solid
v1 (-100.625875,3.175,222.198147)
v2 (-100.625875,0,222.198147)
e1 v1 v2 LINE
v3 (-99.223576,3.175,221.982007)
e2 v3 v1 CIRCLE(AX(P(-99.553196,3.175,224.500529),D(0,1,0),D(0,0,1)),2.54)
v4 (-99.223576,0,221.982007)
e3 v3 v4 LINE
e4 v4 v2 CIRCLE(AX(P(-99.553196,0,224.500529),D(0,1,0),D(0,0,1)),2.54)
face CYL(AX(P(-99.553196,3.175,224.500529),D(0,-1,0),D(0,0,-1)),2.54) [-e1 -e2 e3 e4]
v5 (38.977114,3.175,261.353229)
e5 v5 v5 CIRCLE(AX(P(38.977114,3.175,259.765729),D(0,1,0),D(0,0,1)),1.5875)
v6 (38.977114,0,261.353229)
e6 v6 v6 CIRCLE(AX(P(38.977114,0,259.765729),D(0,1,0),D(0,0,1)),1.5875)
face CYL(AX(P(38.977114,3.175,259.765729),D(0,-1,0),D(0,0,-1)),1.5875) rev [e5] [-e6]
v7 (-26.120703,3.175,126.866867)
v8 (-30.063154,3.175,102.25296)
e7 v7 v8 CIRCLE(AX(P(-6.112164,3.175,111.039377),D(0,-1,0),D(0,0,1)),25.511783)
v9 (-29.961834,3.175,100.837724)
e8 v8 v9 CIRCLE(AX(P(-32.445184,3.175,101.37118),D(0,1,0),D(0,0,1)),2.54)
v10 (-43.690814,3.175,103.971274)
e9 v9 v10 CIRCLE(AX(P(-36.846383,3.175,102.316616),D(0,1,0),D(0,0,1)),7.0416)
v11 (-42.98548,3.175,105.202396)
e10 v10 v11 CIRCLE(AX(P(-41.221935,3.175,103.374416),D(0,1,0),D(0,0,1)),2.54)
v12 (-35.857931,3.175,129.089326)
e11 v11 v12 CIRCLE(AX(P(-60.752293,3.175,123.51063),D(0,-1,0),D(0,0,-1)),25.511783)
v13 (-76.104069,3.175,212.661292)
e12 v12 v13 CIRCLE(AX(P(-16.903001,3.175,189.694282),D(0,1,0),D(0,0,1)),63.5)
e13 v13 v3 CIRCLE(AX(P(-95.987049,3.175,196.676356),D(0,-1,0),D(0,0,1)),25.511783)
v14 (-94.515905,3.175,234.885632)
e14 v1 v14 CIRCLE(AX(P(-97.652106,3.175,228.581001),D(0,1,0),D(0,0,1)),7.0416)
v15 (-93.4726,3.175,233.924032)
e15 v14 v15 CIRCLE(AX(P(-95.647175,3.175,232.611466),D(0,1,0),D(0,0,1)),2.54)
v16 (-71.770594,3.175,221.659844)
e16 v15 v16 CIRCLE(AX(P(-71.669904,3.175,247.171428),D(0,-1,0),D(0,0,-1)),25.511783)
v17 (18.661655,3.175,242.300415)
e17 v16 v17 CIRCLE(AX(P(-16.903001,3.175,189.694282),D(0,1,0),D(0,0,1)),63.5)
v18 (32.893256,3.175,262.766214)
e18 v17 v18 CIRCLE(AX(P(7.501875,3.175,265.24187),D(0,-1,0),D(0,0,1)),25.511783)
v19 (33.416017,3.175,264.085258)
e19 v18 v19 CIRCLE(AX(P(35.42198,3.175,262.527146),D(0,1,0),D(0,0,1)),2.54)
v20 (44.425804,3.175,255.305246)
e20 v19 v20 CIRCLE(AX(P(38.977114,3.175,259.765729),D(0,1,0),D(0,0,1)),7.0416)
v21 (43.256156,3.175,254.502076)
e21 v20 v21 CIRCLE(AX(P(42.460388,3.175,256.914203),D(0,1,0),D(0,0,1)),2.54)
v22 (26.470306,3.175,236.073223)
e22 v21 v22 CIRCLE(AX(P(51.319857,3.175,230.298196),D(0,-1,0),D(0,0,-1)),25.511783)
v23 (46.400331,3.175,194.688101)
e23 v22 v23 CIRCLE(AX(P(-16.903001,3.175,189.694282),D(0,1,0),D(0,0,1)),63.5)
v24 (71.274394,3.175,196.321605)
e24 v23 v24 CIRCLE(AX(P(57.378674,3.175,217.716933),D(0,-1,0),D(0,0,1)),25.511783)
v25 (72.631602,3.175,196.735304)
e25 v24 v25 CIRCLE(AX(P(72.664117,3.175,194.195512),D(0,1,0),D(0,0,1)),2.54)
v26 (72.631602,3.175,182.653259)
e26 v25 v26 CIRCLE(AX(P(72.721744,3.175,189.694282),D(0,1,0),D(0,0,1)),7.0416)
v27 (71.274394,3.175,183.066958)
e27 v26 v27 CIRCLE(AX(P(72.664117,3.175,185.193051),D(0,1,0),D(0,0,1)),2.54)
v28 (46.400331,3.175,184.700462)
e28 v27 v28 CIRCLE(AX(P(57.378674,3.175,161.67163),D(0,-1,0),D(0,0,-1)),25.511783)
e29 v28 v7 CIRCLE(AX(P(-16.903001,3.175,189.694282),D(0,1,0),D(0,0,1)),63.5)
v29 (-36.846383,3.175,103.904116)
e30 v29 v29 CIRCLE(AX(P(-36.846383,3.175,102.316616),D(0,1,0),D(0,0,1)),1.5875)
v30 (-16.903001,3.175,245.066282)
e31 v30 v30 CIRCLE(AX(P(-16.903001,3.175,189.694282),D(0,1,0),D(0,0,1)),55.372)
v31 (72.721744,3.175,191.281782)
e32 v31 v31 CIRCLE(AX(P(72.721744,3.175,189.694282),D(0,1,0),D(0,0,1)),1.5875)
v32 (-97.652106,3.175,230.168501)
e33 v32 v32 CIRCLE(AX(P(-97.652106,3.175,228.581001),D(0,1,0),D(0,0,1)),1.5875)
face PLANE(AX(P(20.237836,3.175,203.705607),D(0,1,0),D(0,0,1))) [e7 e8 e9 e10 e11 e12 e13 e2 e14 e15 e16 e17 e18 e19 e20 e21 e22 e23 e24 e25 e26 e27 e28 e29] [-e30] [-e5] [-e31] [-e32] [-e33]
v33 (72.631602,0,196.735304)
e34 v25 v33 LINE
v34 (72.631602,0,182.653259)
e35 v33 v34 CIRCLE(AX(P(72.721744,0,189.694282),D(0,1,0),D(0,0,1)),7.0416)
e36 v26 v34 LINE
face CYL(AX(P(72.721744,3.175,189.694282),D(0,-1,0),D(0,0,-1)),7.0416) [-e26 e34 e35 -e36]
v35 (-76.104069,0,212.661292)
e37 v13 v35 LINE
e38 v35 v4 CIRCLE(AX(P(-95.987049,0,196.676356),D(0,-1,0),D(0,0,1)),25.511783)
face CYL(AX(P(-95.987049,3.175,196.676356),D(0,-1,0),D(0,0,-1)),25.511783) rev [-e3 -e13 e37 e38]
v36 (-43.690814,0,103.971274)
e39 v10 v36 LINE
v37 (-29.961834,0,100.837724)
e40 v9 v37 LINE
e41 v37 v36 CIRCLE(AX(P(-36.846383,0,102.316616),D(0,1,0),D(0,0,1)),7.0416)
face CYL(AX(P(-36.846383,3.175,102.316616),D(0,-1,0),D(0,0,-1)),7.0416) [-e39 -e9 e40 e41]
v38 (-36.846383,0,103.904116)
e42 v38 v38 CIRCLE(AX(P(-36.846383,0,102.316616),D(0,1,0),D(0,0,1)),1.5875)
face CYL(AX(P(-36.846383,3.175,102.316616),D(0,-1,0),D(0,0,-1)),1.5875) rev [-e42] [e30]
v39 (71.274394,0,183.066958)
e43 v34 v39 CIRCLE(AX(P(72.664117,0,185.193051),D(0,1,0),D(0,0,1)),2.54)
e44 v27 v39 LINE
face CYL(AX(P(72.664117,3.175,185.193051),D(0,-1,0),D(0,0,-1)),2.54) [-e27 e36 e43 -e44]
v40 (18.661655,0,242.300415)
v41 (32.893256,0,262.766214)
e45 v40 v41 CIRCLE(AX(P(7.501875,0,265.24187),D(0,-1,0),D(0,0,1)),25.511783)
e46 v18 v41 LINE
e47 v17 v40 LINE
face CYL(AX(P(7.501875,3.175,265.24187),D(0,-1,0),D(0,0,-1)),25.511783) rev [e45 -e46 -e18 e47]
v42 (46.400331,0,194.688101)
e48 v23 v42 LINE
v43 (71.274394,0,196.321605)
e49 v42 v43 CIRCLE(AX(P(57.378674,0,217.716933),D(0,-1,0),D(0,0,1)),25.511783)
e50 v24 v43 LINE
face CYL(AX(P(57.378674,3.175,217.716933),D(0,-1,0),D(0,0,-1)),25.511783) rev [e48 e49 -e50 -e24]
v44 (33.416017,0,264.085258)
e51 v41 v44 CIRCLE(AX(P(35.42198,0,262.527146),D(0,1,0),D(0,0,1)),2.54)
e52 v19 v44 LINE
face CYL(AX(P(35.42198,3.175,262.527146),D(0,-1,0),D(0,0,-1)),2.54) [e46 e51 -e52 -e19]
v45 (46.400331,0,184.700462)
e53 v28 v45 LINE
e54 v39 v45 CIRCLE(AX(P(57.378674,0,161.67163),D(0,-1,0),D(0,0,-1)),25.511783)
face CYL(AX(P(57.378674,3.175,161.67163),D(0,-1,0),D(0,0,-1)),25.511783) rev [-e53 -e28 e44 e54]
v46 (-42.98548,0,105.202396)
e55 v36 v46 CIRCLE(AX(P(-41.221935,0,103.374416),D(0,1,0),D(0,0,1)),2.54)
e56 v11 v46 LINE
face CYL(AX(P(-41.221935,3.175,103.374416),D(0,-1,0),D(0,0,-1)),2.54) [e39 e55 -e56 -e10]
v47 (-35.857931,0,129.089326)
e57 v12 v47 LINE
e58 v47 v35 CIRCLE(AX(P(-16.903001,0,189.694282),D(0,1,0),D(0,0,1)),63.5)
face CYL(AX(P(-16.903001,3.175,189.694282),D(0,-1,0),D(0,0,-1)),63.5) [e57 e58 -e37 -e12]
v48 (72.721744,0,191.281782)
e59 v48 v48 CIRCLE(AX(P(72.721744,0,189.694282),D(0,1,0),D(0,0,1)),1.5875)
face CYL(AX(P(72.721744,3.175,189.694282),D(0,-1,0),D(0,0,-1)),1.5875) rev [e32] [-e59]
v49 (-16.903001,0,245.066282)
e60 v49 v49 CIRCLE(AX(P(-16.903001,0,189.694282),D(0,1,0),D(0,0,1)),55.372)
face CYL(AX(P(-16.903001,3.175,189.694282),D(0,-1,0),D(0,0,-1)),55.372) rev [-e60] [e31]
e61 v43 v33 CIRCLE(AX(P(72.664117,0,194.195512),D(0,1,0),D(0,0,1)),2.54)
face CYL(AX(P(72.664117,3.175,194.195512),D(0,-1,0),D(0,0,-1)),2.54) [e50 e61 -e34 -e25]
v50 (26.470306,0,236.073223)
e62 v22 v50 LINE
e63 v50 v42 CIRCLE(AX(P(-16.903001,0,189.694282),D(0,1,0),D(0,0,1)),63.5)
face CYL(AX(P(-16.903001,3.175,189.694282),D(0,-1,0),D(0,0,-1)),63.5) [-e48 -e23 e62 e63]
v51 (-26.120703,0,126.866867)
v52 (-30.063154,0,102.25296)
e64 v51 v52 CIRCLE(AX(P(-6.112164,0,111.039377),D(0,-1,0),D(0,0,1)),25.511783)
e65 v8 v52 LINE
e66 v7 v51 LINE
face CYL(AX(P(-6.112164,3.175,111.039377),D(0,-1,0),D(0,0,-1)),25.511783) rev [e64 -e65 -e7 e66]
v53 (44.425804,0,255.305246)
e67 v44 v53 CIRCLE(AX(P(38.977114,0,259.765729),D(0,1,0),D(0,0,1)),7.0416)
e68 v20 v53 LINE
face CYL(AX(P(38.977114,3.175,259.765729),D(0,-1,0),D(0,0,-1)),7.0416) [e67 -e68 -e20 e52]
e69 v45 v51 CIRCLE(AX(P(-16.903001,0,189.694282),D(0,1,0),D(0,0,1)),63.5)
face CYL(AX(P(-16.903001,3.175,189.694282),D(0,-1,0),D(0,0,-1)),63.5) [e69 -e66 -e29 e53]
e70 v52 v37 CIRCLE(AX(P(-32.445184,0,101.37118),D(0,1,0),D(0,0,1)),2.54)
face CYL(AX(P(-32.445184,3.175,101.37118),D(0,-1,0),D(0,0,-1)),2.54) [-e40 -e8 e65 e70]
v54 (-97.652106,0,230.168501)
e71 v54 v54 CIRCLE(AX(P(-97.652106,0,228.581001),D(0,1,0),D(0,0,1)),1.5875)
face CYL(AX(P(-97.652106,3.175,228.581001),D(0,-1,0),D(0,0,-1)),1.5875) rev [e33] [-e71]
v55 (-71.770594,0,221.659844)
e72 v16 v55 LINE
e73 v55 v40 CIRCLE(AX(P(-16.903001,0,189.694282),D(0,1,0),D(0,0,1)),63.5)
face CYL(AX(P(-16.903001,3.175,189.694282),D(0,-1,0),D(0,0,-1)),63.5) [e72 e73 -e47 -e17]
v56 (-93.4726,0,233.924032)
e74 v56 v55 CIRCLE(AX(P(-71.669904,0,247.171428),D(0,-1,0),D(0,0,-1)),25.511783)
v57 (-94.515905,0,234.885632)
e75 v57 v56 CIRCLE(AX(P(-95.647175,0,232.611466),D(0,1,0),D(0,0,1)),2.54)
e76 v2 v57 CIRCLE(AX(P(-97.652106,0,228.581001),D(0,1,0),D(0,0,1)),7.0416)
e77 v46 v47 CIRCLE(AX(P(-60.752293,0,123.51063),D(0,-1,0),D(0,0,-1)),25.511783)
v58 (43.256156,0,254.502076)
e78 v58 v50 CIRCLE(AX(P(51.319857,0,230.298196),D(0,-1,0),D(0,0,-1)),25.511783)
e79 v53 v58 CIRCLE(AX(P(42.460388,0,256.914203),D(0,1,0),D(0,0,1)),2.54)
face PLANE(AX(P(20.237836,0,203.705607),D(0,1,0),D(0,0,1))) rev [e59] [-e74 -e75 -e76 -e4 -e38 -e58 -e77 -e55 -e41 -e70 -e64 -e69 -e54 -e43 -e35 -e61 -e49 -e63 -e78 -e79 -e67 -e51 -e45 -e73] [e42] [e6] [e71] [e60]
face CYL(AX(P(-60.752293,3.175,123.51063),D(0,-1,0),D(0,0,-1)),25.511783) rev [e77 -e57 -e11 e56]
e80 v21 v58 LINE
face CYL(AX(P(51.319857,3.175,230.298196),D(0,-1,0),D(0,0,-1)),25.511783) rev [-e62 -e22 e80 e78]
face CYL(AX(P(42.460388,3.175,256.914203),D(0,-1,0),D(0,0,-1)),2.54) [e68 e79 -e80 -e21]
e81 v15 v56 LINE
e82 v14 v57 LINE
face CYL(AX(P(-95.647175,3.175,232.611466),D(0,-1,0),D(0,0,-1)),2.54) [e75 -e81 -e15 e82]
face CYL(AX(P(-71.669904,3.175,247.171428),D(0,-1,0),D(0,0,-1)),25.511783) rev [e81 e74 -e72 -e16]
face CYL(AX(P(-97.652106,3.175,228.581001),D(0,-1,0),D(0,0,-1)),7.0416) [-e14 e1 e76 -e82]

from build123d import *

# Parameters (mm, degrees)
SKETCH35_R          = 1.5875
SKETCH35_R_2        = 55.372
BOSS_EXTRUDE5_DEPTH = 3.175


with BuildPart() as part:
    # Sketch35 → Boss-Extrude5 (new body)
    with BuildSketch(Plane(origin=(0, 0, 0), x_dir=(1, 0, 0), z_dir=(0, 1, 0))):
        with BuildLine():
            ThreePointArc((72.63160158, -196.735304264), (79.763343901, -189.694281524), (72.63160158, -182.653258784))
            ThreePointArc((72.63160158, -182.653258784), (71.923524594, -182.763416409), (71.274394231, -183.066957991))
            ThreePointArc((71.274394231, -183.066957991), (62.061766366, -186.749902585), (52.140854077, -186.639937081))
            ThreePointArc((52.140854077, -186.639937081), (49.212807322, -185.841233605), (46.400330688, -184.700461837))
            ThreePointArc((46.400330688, -184.700461837), (40.308522411, -162.14266409), (26.470306292, -143.315339746))
            ThreePointArc((26.470306292, -143.315339746), (2.051929923, -129.089326239), (-26.120702924, -126.866867398))
            ThreePointArc((-26.120702924, -126.866867398), (-27.858708089, -124.378751024), (-29.2889381, -121.701844758))
            ThreePointArc((-29.2889381, -121.701844758), (-31.603757208, -112.05414008), (-30.063154281, -102.252959759))
            ThreePointArc((-30.063154281, -102.252959759), (-29.911668214, -101.552560093), (-29.961834423, -100.837723697))
            ThreePointArc((-29.961834423, -100.837723697), (-38.413285984, -95.451564003), (-43.690813622, -103.971273609))
            ThreePointArc((-43.690813622, -103.971273609), (-43.425855926, -104.63708525), (-42.98547967, -105.202396203))
            ThreePointArc((-42.98547967, -105.202396203), (-37.34487163, -113.364511982), (-35.244469401, -123.061155914))
            ThreePointArc((-35.244469401, -123.061155914), (-35.371596014, -126.093518667), (-35.857931325, -129.089326239))
            ThreePointArc((-35.857931325, -129.089326239), (-74.114523813, -162.14266409), (-76.104068675, -212.661291576))
            ThreePointArc((-76.104068675, -212.661291576), (-78.143060244, -214.909379303), (-80.434594764, -216.899418143))
            ThreePointArc((-80.434594764, -216.899418143), (-89.325315633, -221.303016159), (-99.223576302, -221.982007162))
            ThreePointArc((-99.223576302, -221.982007162), (-99.940124308, -221.990172755), (-100.625875231, -222.198147255))
            ThreePointArc((-100.625875231, -222.198147255), (-103.996367762, -231.636236566), (-94.515904683, -234.885631829))
            ThreePointArc((-94.515904683, -234.885631829), (-93.925744965, -234.479160148), (-93.472600473, -233.924031523))
            ThreePointArc((-93.472600473, -233.924031523), (-86.770279347, -226.608603676), (-77.784133989, -222.403156653))
            ThreePointArc((-77.784133989, -222.403156653), (-74.799510568, -221.852331744), (-71.770594359, -221.659843715))
            ThreePointArc((-71.770594359, -221.659843715), (-52.467656797, -242.300414596), (-26.120702924, -252.52169565))
            ThreePointArc((-26.120702924, -252.52169565), (-2.772921395, -251.602203947), (18.661655395, -242.300414596))
            ThreePointArc((18.661655395, -242.300414596), (21.307097177, -243.788037808), (23.75715599, -245.579293472))
            ThreePointArc((23.75715599, -245.579293472), (30.028718121, -253.267212663), (32.893255611, -262.766213559))
            ThreePointArc((32.893255611, -262.766213559), (33.060663407, -263.462979195), (33.416017488, -264.085258231))
            ThreePointArc((33.416017488, -264.085258231), (43.367479341, -265.271073029), (44.425803982, -255.305246485))
            ThreePointArc((44.425803982, -255.305246485), (43.898200503, -254.82033176), (43.256155975, -254.502076287))
            ThreePointArc((43.256155975, -254.502076287), (34.632734421, -249.595632182), (28.533121278, -241.770588249))
            ThreePointArc((28.533121278, -241.770588249), (27.331965509, -238.983365642), (26.470306292, -236.073223302))
            ThreePointArc((26.470306292, -236.073223302), (40.308522411, -217.245898958), (46.400330688, -194.68810121))
            ThreePointArc((46.400330688, -194.68810121), (49.212807322, -193.547329442), (52.140854077, -192.748625967))
            ThreePointArc((52.140854077, -192.748625967), (62.061766366, -192.638660462), (71.274394231, -196.321605056))
            ThreePointArc((71.274394231, -196.321605056), (71.923524594, -196.625146639), (72.63160158, -196.735304264))
        make_face()
        with Locations(Location((72.72174416, -189.694281524, 0), (0, 0, 270))):
            Circle(SKETCH35_R, mode=Mode.SUBTRACT)
        with Locations(Location((-16.903000701, -189.694281524, 0), (0, 0, 270))):
            Circle(SKETCH35_R_2, mode=Mode.SUBTRACT)
        with Locations(Location((-97.652105615, -228.581000942, 0), (0, 0, 270))):
            Circle(SKETCH35_R, mode=Mode.SUBTRACT)
        with Locations(Location((-36.846382633, -102.316616136, 0), (0, 0, 270))):
            Circle(SKETCH35_R, mode=Mode.SUBTRACT)
        with Locations(Location((38.977113714, -259.765728664, 0), (0, 0, 270))):
            Circle(SKETCH35_R, mode=Mode.SUBTRACT)
    extrude(amount=BOSS_EXTRUDE5_DEPTH)


solid = part.part
